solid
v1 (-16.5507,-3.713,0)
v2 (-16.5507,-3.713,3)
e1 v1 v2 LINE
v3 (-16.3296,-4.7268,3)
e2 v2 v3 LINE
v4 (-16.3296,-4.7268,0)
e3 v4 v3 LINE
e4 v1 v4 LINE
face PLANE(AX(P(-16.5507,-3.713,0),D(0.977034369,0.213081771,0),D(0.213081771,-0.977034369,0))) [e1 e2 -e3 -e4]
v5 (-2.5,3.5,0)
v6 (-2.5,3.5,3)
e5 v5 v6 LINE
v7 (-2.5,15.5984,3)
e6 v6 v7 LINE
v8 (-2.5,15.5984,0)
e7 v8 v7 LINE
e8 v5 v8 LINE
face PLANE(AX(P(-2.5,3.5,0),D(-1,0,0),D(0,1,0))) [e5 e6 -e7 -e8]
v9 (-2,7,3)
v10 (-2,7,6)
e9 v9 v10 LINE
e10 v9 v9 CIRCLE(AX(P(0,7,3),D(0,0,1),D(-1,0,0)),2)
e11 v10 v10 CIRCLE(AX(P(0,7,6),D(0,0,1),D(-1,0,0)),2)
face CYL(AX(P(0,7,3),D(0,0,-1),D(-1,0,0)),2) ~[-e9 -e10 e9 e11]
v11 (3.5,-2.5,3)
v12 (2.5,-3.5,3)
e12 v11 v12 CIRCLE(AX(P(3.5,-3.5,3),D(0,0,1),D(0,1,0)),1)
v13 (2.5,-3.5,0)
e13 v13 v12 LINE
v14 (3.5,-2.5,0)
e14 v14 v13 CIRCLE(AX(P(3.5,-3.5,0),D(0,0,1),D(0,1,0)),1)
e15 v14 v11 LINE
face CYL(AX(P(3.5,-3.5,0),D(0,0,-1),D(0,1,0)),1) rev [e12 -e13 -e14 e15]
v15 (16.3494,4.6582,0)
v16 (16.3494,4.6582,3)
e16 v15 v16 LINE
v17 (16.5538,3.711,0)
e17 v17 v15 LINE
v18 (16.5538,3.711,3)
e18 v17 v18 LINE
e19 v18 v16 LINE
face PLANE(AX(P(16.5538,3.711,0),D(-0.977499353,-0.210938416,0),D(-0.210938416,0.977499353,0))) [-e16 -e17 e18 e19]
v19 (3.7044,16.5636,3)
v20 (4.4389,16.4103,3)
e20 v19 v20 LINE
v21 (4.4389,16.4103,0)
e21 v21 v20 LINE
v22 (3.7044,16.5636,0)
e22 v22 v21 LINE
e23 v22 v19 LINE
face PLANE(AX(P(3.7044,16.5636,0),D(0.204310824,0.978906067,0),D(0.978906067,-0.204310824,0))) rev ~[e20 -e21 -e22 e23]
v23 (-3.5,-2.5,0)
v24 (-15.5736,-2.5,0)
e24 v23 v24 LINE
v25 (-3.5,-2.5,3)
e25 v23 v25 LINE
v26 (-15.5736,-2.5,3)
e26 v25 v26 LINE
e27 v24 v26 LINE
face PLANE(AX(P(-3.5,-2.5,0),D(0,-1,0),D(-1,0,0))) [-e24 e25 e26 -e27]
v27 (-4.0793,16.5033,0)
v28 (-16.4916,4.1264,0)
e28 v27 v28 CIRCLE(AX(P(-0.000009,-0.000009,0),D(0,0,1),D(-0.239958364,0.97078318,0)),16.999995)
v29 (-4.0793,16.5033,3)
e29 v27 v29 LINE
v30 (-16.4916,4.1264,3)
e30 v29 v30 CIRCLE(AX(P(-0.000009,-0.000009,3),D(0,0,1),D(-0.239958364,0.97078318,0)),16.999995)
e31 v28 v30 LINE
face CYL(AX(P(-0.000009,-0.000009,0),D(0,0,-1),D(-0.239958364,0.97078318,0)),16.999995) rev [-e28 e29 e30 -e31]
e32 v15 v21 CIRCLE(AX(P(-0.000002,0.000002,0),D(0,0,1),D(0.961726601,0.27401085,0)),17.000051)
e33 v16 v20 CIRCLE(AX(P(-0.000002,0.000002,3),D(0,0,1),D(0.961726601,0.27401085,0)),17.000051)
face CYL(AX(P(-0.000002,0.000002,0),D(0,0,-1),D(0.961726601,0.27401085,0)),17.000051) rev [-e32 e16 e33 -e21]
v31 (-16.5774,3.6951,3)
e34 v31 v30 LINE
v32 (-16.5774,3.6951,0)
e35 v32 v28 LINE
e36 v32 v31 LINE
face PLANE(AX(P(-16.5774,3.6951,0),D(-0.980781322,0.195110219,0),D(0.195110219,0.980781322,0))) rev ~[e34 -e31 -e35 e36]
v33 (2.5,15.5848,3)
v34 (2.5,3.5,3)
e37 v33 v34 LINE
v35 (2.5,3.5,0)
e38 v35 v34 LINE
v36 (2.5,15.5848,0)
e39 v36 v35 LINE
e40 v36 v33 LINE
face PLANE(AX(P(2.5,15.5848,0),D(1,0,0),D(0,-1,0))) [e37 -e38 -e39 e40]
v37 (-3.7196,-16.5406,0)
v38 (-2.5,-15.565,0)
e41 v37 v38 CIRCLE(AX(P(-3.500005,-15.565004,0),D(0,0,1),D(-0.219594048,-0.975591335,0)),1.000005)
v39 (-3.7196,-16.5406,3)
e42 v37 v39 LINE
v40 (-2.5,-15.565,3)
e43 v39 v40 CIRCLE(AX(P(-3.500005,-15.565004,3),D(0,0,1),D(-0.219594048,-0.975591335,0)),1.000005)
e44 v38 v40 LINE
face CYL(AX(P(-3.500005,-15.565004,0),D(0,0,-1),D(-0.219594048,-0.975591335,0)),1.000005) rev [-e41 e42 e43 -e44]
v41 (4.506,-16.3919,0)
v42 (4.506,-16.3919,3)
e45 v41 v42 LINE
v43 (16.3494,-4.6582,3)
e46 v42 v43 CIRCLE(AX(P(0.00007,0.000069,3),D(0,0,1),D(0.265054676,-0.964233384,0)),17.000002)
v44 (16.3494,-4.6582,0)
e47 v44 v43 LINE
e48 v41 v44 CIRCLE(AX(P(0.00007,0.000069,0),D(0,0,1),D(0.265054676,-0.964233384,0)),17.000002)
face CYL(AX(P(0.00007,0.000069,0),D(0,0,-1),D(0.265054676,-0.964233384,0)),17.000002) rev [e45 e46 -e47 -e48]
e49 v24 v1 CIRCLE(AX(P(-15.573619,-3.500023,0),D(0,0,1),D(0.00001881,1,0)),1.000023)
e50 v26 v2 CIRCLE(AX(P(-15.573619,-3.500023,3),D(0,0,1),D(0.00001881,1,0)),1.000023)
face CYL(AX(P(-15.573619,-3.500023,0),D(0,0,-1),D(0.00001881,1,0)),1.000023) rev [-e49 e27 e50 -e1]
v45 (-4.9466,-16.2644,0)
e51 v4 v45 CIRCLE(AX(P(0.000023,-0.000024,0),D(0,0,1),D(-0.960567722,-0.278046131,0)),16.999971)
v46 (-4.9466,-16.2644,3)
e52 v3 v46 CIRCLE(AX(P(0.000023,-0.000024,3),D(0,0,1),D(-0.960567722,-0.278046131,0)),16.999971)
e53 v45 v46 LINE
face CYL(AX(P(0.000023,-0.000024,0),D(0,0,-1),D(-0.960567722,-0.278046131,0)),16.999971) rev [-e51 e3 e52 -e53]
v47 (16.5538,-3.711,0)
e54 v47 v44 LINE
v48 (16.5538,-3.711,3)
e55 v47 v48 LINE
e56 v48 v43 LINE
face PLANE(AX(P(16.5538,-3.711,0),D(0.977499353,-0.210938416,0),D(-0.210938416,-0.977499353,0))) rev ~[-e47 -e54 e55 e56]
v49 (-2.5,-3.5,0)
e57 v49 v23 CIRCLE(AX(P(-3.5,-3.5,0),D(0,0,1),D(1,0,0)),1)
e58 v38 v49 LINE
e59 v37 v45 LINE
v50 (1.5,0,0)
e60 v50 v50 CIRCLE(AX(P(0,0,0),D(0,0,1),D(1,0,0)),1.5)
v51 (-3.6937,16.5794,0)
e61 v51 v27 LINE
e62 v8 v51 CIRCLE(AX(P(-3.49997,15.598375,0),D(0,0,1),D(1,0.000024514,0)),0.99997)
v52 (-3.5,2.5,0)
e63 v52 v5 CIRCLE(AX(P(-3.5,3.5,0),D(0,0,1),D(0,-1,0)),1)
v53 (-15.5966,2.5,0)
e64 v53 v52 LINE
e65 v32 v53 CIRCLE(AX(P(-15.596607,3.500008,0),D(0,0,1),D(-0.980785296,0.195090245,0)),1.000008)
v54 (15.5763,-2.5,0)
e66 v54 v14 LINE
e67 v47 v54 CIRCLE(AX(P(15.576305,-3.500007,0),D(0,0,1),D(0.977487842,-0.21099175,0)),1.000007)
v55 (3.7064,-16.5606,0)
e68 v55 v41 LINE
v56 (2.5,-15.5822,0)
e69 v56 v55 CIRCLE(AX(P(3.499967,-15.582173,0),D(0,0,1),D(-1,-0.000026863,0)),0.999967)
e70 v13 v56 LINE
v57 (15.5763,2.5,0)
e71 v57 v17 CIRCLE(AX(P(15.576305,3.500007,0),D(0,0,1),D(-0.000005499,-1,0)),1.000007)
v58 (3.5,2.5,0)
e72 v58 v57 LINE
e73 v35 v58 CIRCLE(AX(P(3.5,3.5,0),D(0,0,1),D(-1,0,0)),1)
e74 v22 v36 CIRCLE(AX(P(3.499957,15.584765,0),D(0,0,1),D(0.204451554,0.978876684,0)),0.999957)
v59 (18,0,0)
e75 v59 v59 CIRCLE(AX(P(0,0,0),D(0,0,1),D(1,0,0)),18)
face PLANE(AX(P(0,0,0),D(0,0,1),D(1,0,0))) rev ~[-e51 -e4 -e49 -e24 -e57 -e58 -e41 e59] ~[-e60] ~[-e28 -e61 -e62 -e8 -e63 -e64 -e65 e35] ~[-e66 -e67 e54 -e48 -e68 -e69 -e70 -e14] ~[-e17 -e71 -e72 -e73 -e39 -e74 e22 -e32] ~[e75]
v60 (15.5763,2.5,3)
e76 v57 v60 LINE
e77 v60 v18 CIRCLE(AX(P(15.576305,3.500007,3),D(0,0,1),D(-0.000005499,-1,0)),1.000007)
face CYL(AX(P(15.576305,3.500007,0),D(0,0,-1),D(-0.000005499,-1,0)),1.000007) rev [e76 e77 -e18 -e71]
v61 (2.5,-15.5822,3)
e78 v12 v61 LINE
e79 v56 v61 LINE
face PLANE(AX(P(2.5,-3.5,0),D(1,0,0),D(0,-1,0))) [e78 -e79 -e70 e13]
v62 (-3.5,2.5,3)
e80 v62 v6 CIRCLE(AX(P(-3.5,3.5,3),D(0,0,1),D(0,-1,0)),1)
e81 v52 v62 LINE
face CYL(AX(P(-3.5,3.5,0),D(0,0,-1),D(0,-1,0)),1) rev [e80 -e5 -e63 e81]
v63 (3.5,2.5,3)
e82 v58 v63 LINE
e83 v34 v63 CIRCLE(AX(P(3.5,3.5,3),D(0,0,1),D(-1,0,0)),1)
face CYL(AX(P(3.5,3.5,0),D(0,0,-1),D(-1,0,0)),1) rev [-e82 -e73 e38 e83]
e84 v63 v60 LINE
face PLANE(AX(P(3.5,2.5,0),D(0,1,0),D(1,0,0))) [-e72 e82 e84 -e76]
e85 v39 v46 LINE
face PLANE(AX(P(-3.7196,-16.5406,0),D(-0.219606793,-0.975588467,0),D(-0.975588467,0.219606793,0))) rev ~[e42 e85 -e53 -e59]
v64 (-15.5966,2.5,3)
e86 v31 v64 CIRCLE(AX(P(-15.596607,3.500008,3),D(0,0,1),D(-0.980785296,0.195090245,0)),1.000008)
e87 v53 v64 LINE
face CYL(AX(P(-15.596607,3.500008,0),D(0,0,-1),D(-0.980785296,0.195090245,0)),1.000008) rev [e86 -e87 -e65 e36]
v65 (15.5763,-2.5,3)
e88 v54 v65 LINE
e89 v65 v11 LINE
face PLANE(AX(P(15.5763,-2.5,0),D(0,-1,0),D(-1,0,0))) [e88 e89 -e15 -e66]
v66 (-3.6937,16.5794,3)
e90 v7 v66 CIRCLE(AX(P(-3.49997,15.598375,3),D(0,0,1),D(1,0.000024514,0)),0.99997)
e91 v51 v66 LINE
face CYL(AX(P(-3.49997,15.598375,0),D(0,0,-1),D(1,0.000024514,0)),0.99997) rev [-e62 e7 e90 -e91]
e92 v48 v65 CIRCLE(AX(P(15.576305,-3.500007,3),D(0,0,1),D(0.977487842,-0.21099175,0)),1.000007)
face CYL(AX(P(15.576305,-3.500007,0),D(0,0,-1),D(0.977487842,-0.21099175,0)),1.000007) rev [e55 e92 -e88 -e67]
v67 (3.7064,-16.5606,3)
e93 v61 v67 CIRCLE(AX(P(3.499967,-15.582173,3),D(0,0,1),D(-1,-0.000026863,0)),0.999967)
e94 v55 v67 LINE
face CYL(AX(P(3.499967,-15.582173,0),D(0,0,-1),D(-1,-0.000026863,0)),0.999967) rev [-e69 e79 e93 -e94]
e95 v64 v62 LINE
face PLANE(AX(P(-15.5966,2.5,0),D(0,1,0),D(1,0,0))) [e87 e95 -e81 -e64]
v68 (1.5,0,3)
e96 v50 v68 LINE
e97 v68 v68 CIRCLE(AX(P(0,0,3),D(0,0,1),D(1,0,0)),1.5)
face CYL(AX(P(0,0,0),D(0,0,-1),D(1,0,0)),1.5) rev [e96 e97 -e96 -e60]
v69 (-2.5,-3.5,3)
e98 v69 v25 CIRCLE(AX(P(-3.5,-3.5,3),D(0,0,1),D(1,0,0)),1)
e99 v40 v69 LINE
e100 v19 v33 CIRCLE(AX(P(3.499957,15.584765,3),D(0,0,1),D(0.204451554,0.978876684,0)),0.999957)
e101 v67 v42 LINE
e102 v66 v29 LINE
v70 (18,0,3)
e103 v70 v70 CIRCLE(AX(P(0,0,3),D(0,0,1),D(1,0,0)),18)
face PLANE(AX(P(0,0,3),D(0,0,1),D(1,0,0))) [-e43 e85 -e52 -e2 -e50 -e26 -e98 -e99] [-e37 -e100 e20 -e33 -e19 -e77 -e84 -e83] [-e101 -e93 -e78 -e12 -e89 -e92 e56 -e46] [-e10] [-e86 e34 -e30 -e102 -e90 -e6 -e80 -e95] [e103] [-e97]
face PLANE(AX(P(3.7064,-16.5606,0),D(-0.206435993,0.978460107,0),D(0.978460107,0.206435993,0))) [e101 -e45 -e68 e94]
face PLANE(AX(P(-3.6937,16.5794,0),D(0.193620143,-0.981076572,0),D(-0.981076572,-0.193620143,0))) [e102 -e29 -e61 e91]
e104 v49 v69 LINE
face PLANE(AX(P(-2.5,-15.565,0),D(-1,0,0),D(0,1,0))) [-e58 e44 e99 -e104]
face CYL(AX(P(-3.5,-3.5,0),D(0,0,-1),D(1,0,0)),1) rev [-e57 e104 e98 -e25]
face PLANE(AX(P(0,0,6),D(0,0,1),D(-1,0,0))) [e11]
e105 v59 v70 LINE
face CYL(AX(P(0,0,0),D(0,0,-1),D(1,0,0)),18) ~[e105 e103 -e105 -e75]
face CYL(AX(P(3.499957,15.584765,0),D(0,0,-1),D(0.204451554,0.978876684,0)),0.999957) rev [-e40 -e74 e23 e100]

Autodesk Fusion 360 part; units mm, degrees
sketch "Sketch1" plane through (0, 0, 0) normal (0, 0, 1) x (1, 0, 0)
  circle A0 centre (0, 0) radius 18
  line L0 (-2.5, 3.5) -> (-2.5, 15.5984)
  line L1 (2.5, 15.5848) -> (2.5, 3.5)
  line L2 (3.5, 2.5) -> (15.5763, 2.5)
  line L3 (17.3145, 2.5) -> (17.3145, -2.5)
  line L4 (15.5763, -2.5) -> (3.5, -2.5)
  line L5 (-3.5, -2.5) -> (-15.5736, -2.5)
  line L6 (-15.5966, 2.5) -> (-3.5, 2.5)
  line L7 (2.5, -3.5) -> (2.5, -15.5822)
  line L8 (-2.5, -15.565) -> (-2.5, -3.5)
  arc A1 (3.5, -2.5) -> (2.5, -3.5) centre (3.5, -3.5) ccw
  arc A2 (-2.5, -3.5) -> (-3.5, -2.5) centre (-3.5, -3.5) ccw
  arc A3 (2.5, 3.5) -> (3.5, 2.5) centre (3.5, 3.5) ccw
  arc A4 (-3.5, 2.5) -> (-2.5, 3.5) centre (-3.5, 3.5) ccw
  line L9 (3.7044, 16.5636) -> (4.4389, 16.4103)
  line L10 (-3.6937, 16.5794) -> (-4.0793, 16.5033)
  arc A5 (-2.5, 15.5984) -> (-3.6937, 16.5794) centre (-3.5, 15.5984) ccw
  arc A6 (3.7044, 16.5636) -> (2.5, 15.5848) centre (3.5, 15.5848) ccw
  line L11 (16.5538, 3.711) -> (16.3494, 4.6582)
  line L12 (16.5538, -3.711) -> (16.3494, -4.6582)
  arc A7 (15.5763, 2.5) -> (16.5538, 3.711) centre (15.5763, 3.5) ccw
  arc A8 (16.5538, -3.711) -> (15.5763, -2.5) centre (15.5763, -3.5) ccw
  line L13 (3.7064, -16.5606) -> (4.506, -16.3919)
  line L14 (-3.7196, -16.5406) -> (-4.9466, -16.2644)
  arc A9 (-3.7196, -16.5406) -> (-2.5, -15.565) centre (-3.5, -15.565) ccw
  arc A10 (2.5, -15.5822) -> (3.7064, -16.5606) centre (3.5, -15.5822) ccw
  line L15 (-16.5774, 3.6951) -> (-16.4916, 4.1264)
  line L16 (-16.5507, -3.713) -> (-16.3296, -4.7268)
  arc A11 (-16.5774, 3.6951) -> (-15.5966, 2.5) centre (-15.5966, 3.5) ccw
  arc A12 (-15.5736, -2.5) -> (-16.5507, -3.713) centre (-15.5736, -3.5) ccw
  arc A13 (-16.3296, -4.7268) -> (-4.9466, -16.2644) centre (0, 0) ccw
  arc A14 (4.506, -16.3919) -> (16.3494, -4.6582) centre (0, 0) ccw
  arc A15 (16.3494, 4.6582) -> (4.4389, 16.4103) centre (0, 0) ccw
  arc A16 (-4.0793, 16.5033) -> (-16.4916, 4.1264) centre (0, 0) ccw
  circle A17 centre (0, 0) radius 1.5
  dimension "d1" = 34
  dimension "d2" = 36
  dimension "d7" = 1
  dimension "d8" = 1
  dimension "d9" = 1
  dimension "d10" = 1
  dimension "d11" = 1
  dimension "d12" = 1
  dimension "d13" = 1
  dimension "d14" = 1
  dimension "d15" = 1
  dimension "d16" = 1
  dimension "d17" = 1
  dimension "d18" = 1
  dimension "d19" = 3
extrude "Extrude1" add sketch "Sketch1" along normal blind 3
sketch "Sketch2" plane through (0, 0, 3) normal (0, 0, 1) x (-1, 0, 0)
  arc A0 (-16.5538, 3.711) -> (-15.5763, 2.5) centre (-15.5763, 3.5) ccw
  line L0 (-16.5538, 3.711) -> (-16.3494, 4.6582)
  arc A1 (-4.506, 16.3919) -> (-16.3494, 4.6582) centre (0, 0) ccw
  line L1 (-4.506, 16.3919) -> (-3.7064, 16.5606)
  arc A2 (-2.5, 15.5822) -> (-3.7064, 16.5606) centre (-3.5, 15.5822) ccw
  line L2 (-2.5, 15.5822) -> (-2.5, 3.5)
  arc A3 (-3.5, 2.5) -> (-2.5, 3.5) centre (-3.5, 3.5) ccw
  line L3 (-3.5, 2.5) -> (-15.5763, 2.5)
  circle A4 centre (0, 0) radius 1.5
  arc A5 (16.5774, -3.6951) -> (15.5966, -2.5) centre (15.5966, -3.5) ccw
  line L4 (16.5774, -3.6951) -> (16.4916, -4.1264)
  arc A6 (4.0793, -16.5033) -> (16.4916, -4.1264) centre (0, 0) ccw
  line L5 (4.0793, -16.5033) -> (3.6937, -16.5794)
  arc A7 (2.5, -15.5984) -> (3.6937, -16.5794) centre (3.5, -15.5984) ccw
  line L6 (2.5, -15.5984) -> (2.5, -3.5)
  arc A8 (3.5, -2.5) -> (2.5, -3.5) centre (3.5, -3.5) ccw
  line L7 (3.5, -2.5) -> (15.5966, -2.5)
  arc A9 (-3.7044, -16.5636) -> (-2.5, -15.5848) centre (-3.5, -15.5848) ccw
  line L8 (-3.7044, -16.5636) -> (-4.4389, -16.4103)
  arc A10 (-16.3494, -4.6582) -> (-4.4389, -16.4103) centre (0, 0) ccw
  line L9 (-16.3494, -4.6582) -> (-16.5538, -3.711)
  arc A11 (-15.5763, -2.5) -> (-16.5538, -3.711) centre (-15.5763, -3.5) ccw
  line L10 (-15.5763, -2.5) -> (-3.5, -2.5)
  arc A12 (-2.5, -3.5) -> (-3.5, -2.5) centre (-3.5, -3.5) ccw
  line L11 (-2.5, -3.5) -> (-2.5, -15.5848)
  arc A13 (3.7196, 16.5406) -> (2.5, 15.565) centre (3.5, 15.565) ccw
  line L12 (3.7196, 16.5406) -> (4.9466, 16.2644)
  arc A14 (16.3296, 4.7268) -> (4.9466, 16.2644) centre (0, 0) ccw
  line L13 (16.3296, 4.7268) -> (16.5507, 3.713)
  arc A15 (15.5736, 2.5) -> (16.5507, 3.713) centre (15.5736, 3.5) ccw
  line L14 (15.5736, 2.5) -> (3.5, 2.5)
  arc A16 (2.5, 3.5) -> (3.5, 2.5) centre (3.5, 3.5) ccw
  line L15 (2.5, 3.5) -> (2.5, 15.565)
  circle A17 centre (0, 0) radius 18
  circle A18 centre (0, -7) radius 2
  dimension "d23" = 4
extrude "Extrude2" add sketch "Sketch2" along normal blind 3 contours A18
